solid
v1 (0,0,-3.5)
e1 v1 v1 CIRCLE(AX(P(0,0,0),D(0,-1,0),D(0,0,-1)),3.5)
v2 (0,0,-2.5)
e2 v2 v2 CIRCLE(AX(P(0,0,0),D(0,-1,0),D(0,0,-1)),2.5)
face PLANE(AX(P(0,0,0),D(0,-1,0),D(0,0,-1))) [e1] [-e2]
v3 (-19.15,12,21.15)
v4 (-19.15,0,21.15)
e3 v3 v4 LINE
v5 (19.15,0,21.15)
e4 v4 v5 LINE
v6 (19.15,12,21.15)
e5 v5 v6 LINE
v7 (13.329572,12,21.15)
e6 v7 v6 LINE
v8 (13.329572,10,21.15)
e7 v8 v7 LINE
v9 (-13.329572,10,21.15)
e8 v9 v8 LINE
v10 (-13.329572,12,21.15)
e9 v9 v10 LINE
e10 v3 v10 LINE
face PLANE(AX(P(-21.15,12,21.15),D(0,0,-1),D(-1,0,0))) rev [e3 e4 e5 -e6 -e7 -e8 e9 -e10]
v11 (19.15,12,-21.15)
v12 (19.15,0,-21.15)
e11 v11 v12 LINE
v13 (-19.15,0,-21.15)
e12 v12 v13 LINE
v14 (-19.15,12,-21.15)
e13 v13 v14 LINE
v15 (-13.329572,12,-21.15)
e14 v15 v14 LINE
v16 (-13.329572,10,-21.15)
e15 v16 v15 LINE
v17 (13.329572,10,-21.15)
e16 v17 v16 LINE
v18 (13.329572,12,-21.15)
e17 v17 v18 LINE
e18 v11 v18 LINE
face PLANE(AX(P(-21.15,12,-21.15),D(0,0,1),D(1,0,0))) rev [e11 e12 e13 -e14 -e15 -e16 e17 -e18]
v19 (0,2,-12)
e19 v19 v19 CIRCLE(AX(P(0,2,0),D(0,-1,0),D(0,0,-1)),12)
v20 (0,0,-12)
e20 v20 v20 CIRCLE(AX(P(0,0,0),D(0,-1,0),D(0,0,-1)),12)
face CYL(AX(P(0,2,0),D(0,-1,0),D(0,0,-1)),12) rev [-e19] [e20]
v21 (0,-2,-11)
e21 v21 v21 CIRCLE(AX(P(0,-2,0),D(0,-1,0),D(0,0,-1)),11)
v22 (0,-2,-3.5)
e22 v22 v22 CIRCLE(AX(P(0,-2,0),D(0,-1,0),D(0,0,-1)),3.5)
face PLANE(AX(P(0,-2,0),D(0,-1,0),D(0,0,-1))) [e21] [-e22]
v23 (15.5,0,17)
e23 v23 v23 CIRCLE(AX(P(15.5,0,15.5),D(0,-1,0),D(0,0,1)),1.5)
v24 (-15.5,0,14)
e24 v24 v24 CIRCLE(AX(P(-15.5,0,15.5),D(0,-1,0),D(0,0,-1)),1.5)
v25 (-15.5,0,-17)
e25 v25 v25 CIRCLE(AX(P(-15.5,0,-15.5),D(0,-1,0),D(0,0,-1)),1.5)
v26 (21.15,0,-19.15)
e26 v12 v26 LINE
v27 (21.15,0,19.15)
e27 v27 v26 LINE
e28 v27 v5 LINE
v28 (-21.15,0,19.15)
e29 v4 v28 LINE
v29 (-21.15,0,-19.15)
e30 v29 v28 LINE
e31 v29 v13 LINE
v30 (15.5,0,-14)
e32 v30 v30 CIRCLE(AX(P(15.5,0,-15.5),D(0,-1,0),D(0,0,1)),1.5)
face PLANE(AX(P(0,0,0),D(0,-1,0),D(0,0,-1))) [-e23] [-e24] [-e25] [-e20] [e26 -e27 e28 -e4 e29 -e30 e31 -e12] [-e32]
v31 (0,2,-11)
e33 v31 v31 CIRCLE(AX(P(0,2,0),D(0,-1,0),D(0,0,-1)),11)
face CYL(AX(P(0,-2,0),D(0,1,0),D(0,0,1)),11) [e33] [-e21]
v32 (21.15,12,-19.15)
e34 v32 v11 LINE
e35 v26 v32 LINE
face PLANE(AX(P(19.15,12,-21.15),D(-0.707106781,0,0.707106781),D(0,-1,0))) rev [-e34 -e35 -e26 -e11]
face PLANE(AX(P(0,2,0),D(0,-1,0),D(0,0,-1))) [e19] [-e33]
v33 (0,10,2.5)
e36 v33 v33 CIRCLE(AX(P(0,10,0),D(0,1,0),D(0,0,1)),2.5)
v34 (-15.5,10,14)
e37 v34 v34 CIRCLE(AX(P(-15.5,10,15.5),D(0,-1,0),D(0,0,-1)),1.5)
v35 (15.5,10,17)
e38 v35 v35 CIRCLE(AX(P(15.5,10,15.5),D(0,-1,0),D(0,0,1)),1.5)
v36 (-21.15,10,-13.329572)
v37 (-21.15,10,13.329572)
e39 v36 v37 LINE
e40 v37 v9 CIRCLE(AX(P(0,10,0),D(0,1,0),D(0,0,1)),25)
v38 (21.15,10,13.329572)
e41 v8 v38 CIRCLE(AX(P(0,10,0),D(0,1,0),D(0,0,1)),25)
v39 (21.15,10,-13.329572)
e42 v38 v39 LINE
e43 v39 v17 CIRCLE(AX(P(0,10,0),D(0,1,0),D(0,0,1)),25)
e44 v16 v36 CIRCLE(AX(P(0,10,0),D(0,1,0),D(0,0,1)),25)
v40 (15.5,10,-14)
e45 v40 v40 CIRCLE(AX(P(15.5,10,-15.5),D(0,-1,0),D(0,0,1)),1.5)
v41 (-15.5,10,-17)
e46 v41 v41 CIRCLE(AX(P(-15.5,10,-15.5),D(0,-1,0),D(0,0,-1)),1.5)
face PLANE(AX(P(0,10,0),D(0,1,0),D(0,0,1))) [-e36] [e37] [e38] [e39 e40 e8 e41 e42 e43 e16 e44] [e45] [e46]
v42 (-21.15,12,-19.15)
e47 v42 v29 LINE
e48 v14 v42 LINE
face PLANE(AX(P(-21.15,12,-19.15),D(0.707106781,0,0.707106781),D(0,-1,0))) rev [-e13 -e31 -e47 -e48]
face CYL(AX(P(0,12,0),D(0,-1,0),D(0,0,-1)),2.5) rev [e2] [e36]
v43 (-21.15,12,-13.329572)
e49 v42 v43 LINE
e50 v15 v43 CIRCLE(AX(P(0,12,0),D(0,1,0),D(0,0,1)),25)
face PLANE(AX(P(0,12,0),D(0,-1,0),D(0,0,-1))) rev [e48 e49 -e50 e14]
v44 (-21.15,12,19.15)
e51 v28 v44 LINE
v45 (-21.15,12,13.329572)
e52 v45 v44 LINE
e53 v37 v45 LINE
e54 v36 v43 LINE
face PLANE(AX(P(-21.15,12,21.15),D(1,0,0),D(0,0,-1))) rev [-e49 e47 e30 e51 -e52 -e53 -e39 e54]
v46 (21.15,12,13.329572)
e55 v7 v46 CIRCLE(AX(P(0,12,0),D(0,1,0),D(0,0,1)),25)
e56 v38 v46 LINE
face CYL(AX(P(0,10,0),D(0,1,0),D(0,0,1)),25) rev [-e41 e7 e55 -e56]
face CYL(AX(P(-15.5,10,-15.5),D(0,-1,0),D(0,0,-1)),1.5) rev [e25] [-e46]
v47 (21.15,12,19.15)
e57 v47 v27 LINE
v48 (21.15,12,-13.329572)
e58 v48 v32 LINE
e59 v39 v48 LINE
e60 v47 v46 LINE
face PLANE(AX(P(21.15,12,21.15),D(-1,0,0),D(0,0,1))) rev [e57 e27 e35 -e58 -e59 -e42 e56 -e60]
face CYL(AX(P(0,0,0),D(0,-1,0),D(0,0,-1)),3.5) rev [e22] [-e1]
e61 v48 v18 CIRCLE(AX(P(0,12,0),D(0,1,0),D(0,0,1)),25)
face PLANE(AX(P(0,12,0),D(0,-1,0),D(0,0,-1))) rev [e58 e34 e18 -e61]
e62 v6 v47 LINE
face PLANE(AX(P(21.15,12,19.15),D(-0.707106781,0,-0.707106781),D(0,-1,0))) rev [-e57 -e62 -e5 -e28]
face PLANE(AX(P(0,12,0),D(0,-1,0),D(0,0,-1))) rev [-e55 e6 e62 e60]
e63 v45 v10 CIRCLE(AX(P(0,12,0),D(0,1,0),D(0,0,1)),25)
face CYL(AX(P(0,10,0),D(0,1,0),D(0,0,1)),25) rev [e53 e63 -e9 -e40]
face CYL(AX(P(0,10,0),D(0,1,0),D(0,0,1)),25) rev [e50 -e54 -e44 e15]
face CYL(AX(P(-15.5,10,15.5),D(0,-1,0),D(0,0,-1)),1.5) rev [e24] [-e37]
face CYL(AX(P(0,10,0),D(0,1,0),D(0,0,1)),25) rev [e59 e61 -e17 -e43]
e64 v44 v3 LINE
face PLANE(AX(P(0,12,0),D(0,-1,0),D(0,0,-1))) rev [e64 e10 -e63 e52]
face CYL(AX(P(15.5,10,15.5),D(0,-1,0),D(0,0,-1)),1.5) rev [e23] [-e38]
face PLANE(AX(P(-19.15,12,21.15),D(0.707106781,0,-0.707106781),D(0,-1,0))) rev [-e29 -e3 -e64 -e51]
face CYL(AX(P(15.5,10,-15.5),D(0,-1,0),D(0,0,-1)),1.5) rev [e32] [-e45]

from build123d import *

# Parameters (mm, degrees)
CROQUIS1_W              = 42.3
CROQUIS1_H              = 42.3
SALIENTE_EXTRUIR1_DEPTH = 12
CORTAR_EXTRUIR1_DEPTH   = 2
CHAFL_N1_SIZE           = 2
CROQUIS3_R              = 1.5
CORTAR_EXTRUIR2_DEPTH   = 10
CROQUIS4_R              = 12
CORTAR_EXTRUIR3_DEPTH   = 2
CROQUIS5_R              = 11
SALIENTE_EXTRUIR2_DEPTH = 4
CROQUIS6_R              = 3.5
CORTAR_EXTRUIR5_DEPTH   = 2
CROQUIS7_R              = 2.5
CORTAR_EXTRUIR6_DEPTH   = 13


with BuildPart() as part:
    # Croquis1 → Saliente-Extruir1 (new body)
    with BuildSketch(Plane(origin=(0, 0, 0), x_dir=(1, 0, 0), z_dir=(0, 1, 0))):
        Rectangle(CROQUIS1_W, CROQUIS1_H)
    extrude(amount=SALIENTE_EXTRUIR1_DEPTH)

    # Croquis2 → Cortar-Extruir1 (cut)
    with BuildSketch(Plane(origin=(0, 12, 0), x_dir=(1, 0, 0), z_dir=(0, 1, 0))):
        with BuildLine():
            Line((-21.15, 13.329572386), (-21.15, -13.329572386))
            ThreePointArc((-21.15, -13.329572386), (-17.67766953, -17.67766953), (-13.329572386, -21.15))
            Line((-13.329572386, -21.15), (13.329572386, -21.15))
            ThreePointArc((13.329572386, -21.15), (17.67766953, -17.67766953), (21.15, -13.329572386))
            Line((21.15, -13.329572386), (21.15, 13.329572386))
            ThreePointArc((21.15, 13.329572386), (17.67766953, 17.67766953), (13.329572386, 21.15))
            Line((13.329572386, 21.15), (-13.329572386, 21.15))
            ThreePointArc((-13.329572386, 21.15), (-17.67766953, 17.67766953), (-21.15, 13.329572386))
        make_face()
    extrude(amount=-CORTAR_EXTRUIR1_DEPTH, mode=Mode.SUBTRACT)

    # Chaflán1
    chafl_n1_edges = [part.edges().sort_by_distance(p)[0] for p in [
        (21.15, 6, 21.15),
        (-21.15, 6, 21.15),
        (-21.15, 6, -21.15),
        (21.15, 6, -21.15),
    ]]
    chamfer(chafl_n1_edges, length=CHAFL_N1_SIZE)

    # Croquis3 → Cortar-Extruir2 (cut)
    with BuildSketch(Plane.XZ):
        with Locations((-15.5, 15.5)):
            Circle(CROQUIS3_R)
        with Locations((-15.5, -15.5)):
            Circle(CROQUIS3_R)
        with Locations((15.5, -15.5)):
            Circle(CROQUIS3_R)
        with Locations((15.5, 15.5)):
            Circle(CROQUIS3_R)
    extrude(amount=-CORTAR_EXTRUIR2_DEPTH, mode=Mode.SUBTRACT)

    # Croquis4 → Cortar-Extruir3 (cut)
    with BuildSketch(Plane.XZ):
        Circle(CROQUIS4_R)
    extrude(amount=-CORTAR_EXTRUIR3_DEPTH, mode=Mode.SUBTRACT)

    # Croquis5 → Saliente-Extruir2 (add)
    with BuildSketch(Plane.XZ.offset(-2)):
        Circle(CROQUIS5_R)
    extrude(amount=SALIENTE_EXTRUIR2_DEPTH)

    # Croquis6 → Cortar-Extruir5 (cut)
    with BuildSketch(Plane.XZ.offset(2)):
        Circle(CROQUIS6_R)
    extrude(amount=-CORTAR_EXTRUIR5_DEPTH, mode=Mode.SUBTRACT)

    # Croquis7 → Cortar-Extruir6 (cut, through all)
    with BuildSketch(Plane.XZ):
        Circle(CROQUIS7_R)
    extrude(amount=-CORTAR_EXTRUIR6_DEPTH, mode=Mode.SUBTRACT)


solid = part.part
